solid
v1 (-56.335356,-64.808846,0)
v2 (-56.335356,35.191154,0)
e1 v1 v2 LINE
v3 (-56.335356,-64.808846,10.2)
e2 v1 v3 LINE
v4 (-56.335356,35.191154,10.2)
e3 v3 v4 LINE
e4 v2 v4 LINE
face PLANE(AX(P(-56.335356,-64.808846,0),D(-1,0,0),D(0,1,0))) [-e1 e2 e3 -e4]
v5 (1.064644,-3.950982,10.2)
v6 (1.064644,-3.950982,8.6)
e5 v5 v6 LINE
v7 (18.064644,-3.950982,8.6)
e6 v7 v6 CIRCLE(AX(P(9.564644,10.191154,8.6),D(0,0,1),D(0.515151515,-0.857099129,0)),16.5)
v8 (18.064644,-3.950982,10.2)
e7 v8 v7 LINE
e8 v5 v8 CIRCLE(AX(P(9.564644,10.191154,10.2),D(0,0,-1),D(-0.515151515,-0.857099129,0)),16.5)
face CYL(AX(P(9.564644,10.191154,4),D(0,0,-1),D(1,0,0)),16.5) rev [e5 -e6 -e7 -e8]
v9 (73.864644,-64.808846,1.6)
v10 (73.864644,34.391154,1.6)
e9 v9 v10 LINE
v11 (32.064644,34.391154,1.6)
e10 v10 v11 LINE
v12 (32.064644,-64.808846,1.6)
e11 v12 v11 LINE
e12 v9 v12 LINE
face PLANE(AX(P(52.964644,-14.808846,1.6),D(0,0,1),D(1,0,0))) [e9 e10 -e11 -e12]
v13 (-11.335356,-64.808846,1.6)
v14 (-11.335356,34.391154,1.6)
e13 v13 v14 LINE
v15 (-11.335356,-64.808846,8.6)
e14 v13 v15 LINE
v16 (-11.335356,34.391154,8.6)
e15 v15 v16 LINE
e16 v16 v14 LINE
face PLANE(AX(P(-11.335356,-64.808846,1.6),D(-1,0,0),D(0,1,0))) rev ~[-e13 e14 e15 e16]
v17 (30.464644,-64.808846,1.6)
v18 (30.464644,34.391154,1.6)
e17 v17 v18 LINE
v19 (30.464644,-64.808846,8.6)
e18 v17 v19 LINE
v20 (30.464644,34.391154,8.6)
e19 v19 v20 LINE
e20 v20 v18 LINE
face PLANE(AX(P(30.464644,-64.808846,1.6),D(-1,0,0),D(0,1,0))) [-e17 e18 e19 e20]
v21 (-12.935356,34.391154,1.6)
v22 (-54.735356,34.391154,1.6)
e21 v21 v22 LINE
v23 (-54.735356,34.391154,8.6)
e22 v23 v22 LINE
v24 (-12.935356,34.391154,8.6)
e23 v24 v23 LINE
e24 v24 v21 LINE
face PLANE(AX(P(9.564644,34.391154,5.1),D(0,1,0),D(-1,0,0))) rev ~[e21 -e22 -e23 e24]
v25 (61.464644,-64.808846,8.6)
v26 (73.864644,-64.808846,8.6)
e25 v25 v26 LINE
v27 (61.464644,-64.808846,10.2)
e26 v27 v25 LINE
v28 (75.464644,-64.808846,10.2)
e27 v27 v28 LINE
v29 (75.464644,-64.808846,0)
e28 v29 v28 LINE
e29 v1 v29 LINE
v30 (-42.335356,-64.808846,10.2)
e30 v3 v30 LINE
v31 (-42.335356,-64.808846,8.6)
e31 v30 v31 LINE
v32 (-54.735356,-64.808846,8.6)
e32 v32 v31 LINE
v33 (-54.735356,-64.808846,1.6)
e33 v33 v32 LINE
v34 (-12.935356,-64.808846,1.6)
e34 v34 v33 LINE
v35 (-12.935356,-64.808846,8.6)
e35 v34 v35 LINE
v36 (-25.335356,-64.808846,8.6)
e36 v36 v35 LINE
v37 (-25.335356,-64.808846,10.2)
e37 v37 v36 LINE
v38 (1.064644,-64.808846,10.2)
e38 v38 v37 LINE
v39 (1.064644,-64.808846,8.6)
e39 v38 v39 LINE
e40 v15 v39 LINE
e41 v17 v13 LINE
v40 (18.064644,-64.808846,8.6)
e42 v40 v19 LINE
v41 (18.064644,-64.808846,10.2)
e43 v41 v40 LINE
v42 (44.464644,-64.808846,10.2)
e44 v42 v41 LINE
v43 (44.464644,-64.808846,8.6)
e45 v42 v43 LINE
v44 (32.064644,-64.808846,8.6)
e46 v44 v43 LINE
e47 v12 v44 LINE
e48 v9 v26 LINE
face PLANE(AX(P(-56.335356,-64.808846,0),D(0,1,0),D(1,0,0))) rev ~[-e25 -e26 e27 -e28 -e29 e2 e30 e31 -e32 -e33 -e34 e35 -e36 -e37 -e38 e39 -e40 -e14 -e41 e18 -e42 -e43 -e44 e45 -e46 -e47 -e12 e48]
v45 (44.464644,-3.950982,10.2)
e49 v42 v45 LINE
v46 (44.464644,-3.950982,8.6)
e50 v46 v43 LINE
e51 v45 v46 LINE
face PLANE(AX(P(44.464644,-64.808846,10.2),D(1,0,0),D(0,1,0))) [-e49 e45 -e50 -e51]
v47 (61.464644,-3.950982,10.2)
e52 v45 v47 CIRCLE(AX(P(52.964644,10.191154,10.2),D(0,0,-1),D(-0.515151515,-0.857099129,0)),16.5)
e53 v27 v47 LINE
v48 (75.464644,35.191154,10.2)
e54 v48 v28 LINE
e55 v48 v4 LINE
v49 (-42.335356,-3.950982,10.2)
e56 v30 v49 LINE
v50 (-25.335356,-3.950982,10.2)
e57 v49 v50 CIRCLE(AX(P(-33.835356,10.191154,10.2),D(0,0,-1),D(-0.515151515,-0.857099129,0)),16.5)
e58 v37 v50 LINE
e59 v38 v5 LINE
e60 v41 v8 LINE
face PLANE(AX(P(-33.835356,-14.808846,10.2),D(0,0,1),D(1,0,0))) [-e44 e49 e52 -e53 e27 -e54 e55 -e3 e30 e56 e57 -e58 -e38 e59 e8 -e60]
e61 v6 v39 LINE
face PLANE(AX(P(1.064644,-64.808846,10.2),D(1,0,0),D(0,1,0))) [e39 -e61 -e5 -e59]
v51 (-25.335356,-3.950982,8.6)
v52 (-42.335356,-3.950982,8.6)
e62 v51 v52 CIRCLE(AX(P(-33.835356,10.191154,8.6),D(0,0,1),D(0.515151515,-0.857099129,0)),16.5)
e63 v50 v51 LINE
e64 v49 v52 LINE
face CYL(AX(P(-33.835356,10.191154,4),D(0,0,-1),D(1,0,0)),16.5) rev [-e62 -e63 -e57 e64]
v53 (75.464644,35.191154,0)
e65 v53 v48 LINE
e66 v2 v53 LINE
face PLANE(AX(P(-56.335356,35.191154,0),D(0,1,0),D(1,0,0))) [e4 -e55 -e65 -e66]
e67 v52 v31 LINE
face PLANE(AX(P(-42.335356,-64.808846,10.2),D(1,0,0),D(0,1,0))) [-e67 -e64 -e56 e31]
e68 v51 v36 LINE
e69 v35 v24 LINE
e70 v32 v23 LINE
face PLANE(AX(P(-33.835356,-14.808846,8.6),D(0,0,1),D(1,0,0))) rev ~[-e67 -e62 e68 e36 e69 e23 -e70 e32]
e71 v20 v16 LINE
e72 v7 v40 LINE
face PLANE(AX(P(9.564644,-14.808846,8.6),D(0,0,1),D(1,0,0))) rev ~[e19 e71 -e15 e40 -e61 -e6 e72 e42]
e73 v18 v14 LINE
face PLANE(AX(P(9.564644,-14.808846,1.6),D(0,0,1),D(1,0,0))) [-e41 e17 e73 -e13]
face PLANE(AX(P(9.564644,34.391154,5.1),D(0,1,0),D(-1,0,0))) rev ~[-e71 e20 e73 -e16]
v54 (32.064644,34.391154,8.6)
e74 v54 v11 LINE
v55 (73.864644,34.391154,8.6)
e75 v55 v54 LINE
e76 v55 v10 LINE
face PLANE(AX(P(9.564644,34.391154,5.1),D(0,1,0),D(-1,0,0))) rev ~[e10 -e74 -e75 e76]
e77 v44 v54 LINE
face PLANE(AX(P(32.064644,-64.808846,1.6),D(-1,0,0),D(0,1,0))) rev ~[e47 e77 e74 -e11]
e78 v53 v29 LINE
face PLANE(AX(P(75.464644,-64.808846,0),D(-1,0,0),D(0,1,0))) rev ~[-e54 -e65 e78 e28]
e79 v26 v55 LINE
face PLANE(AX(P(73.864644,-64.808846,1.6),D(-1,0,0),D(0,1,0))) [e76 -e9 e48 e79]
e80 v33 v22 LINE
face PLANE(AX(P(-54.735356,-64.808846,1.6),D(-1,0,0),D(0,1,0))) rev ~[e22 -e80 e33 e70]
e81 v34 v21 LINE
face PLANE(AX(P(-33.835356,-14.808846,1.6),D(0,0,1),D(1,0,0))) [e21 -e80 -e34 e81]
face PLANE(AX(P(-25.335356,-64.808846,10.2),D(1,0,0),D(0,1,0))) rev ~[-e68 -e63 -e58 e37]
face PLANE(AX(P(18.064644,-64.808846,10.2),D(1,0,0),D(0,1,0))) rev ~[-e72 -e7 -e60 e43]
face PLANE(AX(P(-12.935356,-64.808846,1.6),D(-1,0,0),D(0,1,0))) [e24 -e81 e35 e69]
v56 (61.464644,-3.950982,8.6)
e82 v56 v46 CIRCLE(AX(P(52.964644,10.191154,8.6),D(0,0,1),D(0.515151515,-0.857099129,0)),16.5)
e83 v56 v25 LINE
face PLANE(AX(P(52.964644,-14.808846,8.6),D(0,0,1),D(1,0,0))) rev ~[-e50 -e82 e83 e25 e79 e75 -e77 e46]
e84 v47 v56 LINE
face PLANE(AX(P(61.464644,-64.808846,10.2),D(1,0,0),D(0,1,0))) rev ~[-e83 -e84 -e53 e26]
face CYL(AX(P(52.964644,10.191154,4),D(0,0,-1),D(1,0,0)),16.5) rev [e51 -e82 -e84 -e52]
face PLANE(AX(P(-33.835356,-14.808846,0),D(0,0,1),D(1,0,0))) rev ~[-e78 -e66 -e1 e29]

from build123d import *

# Parameters (mm, degrees)
F0_W      = 45
F0_H      = 100
F1_DEPTH  = 10.2
F2_W      = 17
F2_H      = 70
F3_DEPTH  = 8.6
F4_W      = 41.8
F4_H      = 100
F5_DEPTH  = 7
F8_R      = 16.5
F9_DEPTH  = 10
F14_W     = 131.8
F14_H     = 10.2
F15_DEPTH = 0.8


with BuildPart() as f1:
    # F0 (on Top) → F1 (new body)
    with BuildSketch(Plane.XY):
        with Locations((-33.8353561237, -14.8088461805)):
            Rectangle(F0_W, F0_H)
    extrude(amount=F1_DEPTH)

    # F2 (on face) → F3 (cut)
    with BuildSketch(Plane.XY.offset(10.2)):
        with Locations((-33.8353561237, -29.8088461805)):
            Rectangle(F2_W, F2_H)
    extrude(amount=-F3_DEPTH, mode=Mode.SUBTRACT)


with BuildPart() as f5:
    # F4 (on Top) → F5 (new body)
    with BuildSketch(Plane.XY):
        with Locations((-35.4353561237, -14.8088461805)):
            Rectangle(F4_W, F4_H)
    extrude(amount=F5_DEPTH)


with BuildPart() as f5_1:
    # F6: moved
    add(f5.part.moved(Location((1.6, 0, 1.6))))


with BuildPart() as f1_1:
    add(f1.part)

    # F7: cut F5
    add(f5_1.part, mode=Mode.SUBTRACT)


with BuildPart() as f9:
    # F8 (on Top) → F9 (new body)
    with BuildSketch(Plane.XY):
        with Locations((-33.8353561237, -64.8088461805)):
            Circle(F8_R)
    extrude(amount=F9_DEPTH)


with BuildPart() as f9_1:
    # F10: moved
    add(f9.part.moved(Location((0, 75, 4))))


with BuildPart() as f1_2:
    add(f1_1.part)

    # F11: cut F9
    add(f9_1.part, mode=Mode.SUBTRACT)


with BuildPart() as f12_1:
    # F12: copy of F1
    add(f1_2.part.moved(Location((43.4, 0, 0))))


with BuildPart() as f13_1:
    # F13: copy of F12_1
    add(f12_1.part.moved(Location((43.4, 0, 0))))


with BuildPart() as f1_3:
    add(f1_2.part)

    add(f12_1.part)  # F15 merges F12_1

    add(f13_1.part)  # F15 merges F13_1
    # F14 (on face) → F15 (join)
    with BuildSketch(Plane(origin=(0, 35.1911538195, 0), x_dir=(-1, 0, 0), z_dir=(0, 1, 0))):
        with Locations((-9.5646438763, 5.1)):
            Rectangle(F14_W, F14_H)
    extrude(amount=-F15_DEPTH)


solid = f1_3.part
